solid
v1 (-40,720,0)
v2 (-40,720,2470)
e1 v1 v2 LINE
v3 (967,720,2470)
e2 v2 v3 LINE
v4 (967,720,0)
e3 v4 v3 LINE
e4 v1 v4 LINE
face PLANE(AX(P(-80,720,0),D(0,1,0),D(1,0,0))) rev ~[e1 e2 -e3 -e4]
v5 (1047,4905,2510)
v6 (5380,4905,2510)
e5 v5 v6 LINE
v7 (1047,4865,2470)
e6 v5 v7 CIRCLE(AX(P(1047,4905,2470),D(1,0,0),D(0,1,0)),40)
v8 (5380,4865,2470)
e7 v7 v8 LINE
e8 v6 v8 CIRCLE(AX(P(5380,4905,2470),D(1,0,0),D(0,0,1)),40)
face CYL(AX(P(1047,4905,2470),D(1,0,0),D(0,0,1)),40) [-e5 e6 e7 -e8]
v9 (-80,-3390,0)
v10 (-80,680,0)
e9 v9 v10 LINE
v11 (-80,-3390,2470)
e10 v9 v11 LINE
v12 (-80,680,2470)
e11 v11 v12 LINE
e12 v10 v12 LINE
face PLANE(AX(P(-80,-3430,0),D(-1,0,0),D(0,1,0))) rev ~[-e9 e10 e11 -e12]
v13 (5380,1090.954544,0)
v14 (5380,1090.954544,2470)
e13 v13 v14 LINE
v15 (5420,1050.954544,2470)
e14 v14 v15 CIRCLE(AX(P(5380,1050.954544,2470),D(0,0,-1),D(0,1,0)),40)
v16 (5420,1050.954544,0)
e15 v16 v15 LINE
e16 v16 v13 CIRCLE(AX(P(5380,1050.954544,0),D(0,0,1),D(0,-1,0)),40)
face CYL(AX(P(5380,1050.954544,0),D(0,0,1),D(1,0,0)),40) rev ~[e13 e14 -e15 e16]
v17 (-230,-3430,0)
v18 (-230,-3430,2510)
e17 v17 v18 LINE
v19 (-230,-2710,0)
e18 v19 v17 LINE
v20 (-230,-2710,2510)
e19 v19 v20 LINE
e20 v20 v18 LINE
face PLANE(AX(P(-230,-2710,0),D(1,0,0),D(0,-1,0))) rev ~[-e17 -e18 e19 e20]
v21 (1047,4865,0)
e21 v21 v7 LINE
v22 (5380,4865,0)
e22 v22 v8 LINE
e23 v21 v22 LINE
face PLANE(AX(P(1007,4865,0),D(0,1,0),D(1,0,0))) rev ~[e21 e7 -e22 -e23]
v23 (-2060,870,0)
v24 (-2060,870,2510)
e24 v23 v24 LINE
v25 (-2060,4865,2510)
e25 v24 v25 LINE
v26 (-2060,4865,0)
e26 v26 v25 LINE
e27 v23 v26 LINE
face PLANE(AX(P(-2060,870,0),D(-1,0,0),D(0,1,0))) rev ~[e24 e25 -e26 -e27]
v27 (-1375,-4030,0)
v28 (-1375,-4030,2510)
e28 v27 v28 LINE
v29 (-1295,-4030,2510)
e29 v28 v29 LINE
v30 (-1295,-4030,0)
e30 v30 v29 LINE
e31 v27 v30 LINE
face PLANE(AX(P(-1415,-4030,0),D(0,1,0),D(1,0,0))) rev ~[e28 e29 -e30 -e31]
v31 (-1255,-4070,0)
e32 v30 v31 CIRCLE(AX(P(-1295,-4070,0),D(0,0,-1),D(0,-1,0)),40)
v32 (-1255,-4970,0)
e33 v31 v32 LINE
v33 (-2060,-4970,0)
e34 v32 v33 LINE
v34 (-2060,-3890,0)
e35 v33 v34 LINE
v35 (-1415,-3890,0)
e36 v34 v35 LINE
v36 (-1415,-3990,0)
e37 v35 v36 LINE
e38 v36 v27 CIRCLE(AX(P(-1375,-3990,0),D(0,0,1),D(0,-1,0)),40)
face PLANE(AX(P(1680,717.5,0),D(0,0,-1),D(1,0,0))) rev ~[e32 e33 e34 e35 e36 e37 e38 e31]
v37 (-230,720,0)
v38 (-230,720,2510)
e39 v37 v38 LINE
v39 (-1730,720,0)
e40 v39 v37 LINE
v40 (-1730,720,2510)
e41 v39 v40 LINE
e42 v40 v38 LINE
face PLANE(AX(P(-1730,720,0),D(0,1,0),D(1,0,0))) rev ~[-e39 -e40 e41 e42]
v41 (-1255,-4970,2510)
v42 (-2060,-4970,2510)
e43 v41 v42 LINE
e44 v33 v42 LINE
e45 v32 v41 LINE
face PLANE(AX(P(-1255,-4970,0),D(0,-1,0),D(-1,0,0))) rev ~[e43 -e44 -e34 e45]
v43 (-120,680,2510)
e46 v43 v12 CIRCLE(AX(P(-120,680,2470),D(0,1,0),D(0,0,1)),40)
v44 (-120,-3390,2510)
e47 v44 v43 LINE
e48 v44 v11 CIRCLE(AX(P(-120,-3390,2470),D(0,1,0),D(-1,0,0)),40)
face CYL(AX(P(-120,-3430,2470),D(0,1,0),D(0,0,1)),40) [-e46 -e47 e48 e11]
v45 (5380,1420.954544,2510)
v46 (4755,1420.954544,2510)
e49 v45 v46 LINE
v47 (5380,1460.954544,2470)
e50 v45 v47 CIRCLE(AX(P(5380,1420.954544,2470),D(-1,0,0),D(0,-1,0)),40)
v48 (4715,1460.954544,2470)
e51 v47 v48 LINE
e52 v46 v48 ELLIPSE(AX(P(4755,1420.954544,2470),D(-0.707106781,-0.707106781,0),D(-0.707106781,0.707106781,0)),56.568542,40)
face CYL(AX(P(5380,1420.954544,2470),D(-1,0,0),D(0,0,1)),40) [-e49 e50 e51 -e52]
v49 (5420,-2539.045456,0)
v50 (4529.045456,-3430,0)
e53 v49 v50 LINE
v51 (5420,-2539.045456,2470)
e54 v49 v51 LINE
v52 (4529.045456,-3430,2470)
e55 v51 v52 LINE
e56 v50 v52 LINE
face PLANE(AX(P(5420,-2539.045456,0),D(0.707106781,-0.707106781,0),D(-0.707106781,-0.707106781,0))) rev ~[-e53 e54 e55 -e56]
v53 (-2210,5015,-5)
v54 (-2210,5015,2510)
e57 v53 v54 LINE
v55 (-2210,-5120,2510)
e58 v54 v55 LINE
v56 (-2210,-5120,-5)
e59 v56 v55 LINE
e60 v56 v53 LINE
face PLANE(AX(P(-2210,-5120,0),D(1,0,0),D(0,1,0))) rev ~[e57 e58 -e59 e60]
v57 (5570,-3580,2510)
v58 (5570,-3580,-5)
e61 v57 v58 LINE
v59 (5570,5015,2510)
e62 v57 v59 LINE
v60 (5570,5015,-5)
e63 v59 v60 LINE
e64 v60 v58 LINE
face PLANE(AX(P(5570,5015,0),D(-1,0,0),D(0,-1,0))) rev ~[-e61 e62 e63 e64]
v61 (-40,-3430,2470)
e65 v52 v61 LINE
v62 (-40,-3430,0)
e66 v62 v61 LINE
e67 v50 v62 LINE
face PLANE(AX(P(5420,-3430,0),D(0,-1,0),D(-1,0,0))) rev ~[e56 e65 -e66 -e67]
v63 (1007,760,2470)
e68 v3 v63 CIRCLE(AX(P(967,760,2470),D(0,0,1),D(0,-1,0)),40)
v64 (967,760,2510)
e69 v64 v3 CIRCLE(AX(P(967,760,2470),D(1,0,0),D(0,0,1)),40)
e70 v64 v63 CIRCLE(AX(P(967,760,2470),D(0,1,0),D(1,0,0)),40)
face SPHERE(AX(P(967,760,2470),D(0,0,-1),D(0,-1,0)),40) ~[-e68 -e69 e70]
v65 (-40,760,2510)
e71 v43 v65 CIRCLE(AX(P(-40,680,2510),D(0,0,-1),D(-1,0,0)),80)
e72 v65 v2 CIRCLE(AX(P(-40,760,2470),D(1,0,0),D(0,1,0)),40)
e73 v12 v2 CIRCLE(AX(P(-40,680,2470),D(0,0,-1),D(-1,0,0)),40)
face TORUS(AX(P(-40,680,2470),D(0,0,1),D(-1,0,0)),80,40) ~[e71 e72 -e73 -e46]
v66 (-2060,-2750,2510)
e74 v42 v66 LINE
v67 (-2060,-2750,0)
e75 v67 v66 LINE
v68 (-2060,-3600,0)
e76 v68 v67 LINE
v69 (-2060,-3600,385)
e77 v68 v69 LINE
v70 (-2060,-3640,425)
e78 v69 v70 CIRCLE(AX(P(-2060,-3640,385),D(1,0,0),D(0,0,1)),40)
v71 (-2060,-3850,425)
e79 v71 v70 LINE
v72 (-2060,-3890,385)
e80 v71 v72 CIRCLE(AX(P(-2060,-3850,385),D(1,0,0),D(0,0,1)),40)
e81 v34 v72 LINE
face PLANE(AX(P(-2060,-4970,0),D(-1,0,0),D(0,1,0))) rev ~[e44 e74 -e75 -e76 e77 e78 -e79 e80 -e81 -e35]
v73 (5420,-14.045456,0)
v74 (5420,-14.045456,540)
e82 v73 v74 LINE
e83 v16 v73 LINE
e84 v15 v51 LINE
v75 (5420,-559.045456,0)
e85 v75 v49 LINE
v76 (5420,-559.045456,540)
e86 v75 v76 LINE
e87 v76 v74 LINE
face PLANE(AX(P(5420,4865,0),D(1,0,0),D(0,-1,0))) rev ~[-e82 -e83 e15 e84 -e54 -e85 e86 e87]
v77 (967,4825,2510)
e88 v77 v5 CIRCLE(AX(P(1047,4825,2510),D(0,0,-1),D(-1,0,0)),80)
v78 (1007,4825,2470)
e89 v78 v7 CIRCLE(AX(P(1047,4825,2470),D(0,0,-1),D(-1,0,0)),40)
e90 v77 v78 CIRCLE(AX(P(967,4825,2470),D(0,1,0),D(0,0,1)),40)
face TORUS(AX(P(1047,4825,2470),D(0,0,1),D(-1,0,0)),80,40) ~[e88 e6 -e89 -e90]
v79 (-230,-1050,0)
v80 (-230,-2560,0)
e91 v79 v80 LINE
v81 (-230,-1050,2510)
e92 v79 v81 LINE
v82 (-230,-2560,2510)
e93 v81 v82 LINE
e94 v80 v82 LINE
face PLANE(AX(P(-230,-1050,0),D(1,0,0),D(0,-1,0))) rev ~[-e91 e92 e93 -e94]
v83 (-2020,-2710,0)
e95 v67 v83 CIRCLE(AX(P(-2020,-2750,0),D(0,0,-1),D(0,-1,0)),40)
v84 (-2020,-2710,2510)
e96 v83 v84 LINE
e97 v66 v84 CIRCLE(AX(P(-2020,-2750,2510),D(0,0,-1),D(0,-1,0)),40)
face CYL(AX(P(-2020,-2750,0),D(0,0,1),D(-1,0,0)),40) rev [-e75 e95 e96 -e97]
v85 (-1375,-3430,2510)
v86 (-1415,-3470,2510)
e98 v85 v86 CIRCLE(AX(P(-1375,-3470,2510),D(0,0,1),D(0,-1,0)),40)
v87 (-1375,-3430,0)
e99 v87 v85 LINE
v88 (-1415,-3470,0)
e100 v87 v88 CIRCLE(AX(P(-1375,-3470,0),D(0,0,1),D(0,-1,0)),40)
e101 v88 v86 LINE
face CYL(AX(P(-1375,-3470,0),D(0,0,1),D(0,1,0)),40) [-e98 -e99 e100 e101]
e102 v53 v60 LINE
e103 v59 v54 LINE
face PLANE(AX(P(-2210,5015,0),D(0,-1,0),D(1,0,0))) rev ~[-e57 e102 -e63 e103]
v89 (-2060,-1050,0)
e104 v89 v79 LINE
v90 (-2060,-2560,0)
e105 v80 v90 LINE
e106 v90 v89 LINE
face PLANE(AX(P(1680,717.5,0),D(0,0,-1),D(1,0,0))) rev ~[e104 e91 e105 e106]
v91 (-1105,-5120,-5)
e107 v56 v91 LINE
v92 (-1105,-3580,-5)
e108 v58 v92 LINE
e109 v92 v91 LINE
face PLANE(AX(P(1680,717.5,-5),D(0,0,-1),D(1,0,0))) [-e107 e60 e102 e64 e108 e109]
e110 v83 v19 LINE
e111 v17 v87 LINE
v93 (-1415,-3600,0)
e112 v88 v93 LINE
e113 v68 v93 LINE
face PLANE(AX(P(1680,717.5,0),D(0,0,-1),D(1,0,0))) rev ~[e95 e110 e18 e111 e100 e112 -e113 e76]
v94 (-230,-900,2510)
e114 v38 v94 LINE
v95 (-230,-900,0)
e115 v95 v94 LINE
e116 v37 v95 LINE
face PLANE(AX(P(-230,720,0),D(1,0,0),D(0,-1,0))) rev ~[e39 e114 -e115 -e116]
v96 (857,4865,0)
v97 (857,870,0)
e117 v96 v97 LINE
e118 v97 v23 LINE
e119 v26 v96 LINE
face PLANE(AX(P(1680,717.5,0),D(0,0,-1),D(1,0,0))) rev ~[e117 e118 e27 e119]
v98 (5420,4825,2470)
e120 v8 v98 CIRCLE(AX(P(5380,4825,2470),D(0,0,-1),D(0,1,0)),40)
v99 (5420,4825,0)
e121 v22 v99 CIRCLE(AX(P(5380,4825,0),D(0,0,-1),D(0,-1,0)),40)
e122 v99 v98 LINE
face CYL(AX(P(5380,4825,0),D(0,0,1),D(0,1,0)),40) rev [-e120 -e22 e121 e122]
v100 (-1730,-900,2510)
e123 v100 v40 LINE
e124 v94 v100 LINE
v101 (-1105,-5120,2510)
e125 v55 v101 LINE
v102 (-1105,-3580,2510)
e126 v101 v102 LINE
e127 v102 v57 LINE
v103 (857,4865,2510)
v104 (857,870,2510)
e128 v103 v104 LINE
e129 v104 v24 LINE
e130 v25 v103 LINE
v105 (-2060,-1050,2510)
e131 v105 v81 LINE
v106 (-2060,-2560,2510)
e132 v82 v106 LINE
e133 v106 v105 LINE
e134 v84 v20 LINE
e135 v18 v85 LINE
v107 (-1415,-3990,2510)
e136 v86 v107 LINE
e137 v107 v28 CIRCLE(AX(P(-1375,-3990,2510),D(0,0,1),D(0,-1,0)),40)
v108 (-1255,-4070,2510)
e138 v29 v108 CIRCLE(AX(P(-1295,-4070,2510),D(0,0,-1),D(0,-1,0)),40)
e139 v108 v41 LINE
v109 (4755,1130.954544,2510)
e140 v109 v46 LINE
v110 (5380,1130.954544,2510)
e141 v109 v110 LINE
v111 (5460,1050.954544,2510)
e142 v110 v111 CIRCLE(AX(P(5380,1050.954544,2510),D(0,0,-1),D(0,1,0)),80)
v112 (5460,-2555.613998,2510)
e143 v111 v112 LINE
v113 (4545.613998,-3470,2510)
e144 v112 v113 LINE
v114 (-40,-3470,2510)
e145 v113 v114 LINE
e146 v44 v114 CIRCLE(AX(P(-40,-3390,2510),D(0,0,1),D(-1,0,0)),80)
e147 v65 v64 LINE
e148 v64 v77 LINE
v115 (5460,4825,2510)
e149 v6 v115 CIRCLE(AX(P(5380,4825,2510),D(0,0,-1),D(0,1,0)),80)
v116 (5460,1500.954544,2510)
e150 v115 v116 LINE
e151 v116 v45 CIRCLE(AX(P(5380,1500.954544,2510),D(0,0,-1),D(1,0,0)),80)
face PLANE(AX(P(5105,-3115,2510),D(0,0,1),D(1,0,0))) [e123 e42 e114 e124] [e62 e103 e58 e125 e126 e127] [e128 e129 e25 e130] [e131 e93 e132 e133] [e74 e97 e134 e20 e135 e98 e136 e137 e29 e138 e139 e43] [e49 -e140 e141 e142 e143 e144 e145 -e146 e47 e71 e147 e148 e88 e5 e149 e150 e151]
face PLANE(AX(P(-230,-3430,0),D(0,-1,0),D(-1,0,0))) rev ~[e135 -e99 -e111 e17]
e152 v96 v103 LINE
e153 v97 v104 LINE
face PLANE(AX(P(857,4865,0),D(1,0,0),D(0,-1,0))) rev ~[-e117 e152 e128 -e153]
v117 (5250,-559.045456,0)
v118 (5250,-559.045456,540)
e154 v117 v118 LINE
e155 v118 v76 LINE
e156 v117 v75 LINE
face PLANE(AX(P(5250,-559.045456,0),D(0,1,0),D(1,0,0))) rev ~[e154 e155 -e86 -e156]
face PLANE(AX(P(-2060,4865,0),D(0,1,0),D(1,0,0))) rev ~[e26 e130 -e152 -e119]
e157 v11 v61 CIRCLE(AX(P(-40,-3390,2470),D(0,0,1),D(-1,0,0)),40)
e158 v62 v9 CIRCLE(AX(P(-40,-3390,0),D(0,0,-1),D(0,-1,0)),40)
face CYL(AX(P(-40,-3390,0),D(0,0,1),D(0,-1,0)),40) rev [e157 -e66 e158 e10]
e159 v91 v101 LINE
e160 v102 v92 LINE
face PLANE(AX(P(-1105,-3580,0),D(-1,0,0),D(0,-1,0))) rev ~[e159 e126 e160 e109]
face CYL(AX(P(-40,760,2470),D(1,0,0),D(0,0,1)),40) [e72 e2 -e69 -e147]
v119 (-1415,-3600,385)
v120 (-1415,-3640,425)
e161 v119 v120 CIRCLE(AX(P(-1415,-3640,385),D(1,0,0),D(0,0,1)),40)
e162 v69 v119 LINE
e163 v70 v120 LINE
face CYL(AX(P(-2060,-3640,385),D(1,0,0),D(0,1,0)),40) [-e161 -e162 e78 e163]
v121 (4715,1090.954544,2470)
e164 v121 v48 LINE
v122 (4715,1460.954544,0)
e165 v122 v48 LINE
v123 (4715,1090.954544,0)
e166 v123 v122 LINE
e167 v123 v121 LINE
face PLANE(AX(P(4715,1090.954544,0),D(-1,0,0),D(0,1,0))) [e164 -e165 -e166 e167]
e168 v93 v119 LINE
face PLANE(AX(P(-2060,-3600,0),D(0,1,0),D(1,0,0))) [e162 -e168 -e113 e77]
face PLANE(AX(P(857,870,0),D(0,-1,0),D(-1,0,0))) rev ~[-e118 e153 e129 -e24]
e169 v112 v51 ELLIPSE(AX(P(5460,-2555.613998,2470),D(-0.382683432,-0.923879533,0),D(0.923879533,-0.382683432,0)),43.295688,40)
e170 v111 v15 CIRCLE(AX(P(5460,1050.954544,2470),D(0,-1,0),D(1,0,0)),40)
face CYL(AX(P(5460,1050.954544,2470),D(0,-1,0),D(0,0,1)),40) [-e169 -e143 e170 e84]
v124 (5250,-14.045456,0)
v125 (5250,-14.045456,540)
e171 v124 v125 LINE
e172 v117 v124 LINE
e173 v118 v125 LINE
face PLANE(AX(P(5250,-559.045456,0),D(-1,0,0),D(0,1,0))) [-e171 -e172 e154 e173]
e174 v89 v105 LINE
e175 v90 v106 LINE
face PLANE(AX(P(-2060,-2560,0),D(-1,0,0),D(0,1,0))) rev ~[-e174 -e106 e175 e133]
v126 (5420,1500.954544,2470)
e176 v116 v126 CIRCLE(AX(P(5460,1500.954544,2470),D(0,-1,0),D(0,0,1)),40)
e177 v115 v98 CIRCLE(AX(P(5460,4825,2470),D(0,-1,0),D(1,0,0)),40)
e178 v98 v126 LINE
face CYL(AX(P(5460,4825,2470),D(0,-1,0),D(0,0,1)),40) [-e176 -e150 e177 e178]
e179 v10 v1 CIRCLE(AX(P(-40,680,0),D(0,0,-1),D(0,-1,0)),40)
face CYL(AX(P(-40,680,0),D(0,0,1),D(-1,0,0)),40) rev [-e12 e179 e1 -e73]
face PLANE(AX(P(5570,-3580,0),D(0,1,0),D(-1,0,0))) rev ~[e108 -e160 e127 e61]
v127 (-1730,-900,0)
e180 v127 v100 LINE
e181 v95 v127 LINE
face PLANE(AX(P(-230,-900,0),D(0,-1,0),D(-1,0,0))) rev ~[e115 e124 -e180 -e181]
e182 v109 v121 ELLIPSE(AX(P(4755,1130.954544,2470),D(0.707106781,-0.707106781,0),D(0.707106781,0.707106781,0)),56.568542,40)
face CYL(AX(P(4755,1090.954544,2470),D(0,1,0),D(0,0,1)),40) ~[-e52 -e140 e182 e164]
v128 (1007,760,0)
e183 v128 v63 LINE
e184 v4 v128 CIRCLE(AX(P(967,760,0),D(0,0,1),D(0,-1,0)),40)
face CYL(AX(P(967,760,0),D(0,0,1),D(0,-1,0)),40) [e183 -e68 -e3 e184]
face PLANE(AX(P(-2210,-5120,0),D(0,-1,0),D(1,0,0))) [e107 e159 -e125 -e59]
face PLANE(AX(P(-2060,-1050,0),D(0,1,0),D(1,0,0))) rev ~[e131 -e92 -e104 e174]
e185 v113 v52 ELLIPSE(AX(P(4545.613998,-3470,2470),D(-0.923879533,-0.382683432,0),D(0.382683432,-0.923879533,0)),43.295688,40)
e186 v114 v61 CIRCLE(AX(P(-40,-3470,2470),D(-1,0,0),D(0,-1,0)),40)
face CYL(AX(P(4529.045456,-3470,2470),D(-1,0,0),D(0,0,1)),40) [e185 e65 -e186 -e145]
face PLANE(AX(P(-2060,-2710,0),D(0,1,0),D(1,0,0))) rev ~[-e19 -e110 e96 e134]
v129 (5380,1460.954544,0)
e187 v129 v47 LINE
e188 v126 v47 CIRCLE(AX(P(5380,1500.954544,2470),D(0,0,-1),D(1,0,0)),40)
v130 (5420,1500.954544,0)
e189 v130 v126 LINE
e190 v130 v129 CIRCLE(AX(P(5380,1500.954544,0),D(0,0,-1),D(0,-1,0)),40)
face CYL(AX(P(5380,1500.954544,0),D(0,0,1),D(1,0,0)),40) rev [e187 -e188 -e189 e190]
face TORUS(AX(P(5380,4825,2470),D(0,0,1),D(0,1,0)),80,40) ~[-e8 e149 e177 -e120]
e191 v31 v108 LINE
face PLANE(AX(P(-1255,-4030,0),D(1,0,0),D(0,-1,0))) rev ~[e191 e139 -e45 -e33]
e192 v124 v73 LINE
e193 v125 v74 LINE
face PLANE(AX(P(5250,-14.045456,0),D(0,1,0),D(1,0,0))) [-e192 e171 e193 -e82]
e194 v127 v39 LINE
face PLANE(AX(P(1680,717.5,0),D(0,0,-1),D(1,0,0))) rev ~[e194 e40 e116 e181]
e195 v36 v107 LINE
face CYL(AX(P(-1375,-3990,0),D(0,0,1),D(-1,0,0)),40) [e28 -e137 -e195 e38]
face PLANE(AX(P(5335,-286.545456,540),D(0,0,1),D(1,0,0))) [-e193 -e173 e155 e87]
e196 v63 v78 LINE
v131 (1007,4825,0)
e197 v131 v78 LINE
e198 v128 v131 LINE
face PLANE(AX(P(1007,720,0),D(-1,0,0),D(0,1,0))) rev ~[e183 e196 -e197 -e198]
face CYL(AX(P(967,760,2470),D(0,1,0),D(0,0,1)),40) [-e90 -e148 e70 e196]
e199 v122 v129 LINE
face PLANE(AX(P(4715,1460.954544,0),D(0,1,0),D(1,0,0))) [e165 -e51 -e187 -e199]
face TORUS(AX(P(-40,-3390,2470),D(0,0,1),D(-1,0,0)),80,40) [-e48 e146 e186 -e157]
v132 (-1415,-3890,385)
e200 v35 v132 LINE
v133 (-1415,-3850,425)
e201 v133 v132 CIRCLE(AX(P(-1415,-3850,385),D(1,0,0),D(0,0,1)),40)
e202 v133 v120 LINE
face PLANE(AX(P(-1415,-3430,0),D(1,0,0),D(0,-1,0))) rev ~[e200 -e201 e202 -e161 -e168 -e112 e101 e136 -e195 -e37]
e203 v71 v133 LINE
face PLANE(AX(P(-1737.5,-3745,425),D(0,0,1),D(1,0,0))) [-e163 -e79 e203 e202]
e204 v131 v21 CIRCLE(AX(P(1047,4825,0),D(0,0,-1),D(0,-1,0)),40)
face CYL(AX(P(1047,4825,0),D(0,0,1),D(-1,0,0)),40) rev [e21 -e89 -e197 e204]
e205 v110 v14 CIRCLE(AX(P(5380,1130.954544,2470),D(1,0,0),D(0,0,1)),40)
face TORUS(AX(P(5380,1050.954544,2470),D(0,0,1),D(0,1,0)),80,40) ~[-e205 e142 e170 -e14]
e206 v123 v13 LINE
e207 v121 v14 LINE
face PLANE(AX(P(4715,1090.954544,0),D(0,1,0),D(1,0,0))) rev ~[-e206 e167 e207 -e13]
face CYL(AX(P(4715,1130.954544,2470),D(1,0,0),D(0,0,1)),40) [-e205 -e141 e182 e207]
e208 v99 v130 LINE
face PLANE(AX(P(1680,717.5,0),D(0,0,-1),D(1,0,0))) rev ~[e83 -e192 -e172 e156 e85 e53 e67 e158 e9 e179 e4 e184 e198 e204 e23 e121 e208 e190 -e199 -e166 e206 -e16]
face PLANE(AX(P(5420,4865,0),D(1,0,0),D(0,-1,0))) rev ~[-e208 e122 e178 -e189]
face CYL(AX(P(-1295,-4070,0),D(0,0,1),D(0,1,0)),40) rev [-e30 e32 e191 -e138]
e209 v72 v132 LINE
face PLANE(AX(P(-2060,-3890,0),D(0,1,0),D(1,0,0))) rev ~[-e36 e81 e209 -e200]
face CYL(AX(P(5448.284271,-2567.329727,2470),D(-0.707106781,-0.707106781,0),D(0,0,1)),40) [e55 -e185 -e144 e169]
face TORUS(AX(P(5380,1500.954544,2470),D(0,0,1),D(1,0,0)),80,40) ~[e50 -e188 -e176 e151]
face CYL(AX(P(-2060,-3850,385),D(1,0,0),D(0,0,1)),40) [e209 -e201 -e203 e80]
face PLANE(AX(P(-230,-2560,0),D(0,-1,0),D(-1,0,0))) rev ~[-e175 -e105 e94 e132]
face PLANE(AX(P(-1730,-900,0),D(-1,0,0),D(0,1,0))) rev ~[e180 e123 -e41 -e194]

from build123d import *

# Parameters (mm, degrees)
F0_W     = 330
F0_H     = 1320
F1_DEPTH = 2510
F2_DEPTH = 2510
F0_W_2   = 705
F0_H_2   = 370
F3_DEPTH = 2510
F0_W_3   = 645
F0_H_3   = 290
F4_DEPTH = 425
F5_R     = 40
F6_W     = 1105
F6_H     = 1540
F7_DEPTH = 5
F8_R     = 40
F0_W_4   = 170
F0_H_4   = 545
F9_DEPTH = 540


with BuildPart() as f1:
    # F0 (on Top) → F1 (new body)
    with BuildSketch(Plane.XY):
        Polygon((-2210, -2560), (-2210, -5120), (-1105, -5120), (-1105, -4030), (-1255, -4030), (-1255, -4970), (-2060, -4970), (-2060, -3890), (-2060, -3600), (-2060, -2710), (-230, -2710), (-230, -2560), (-2060, -2560), (-2060, -1050), (-230, -1050), (-230, -900), (-1730, -900), (-2210, -900), align=None)
        Polygon((-1255, -4030), (-1105, -4030), (-1105, -3580), (-230, -3580), (-230, -3430), (-1415, -3430), (-1415, -3580), (-1415, -3600), (-1415, -3890), (-1415, -4030), align=None)
        Polygon((-2210, -750), (-2210, -900), (-1730, -900), (-1730, 720), (-230, 720), (-230, -900), (-230, -1050), (-230, -2560), (-230, -2710), (-230, -3430), (-230, -3580), (5570, -3580), (5570, 5015), (857, 5015), (-2210, 5015), (-2210, 870), (-2210, 570), (-1880, 570), (-1880, -750), align=None)
        Polygon((-1880, 870), (-2060, 870), (-2060, 4865), (857, 4865), (857, 870), (-230, 870), align=None, mode=Mode.SUBTRACT)
        Polygon((-80, 720), (1007, 720), (1007, 4865), (5420, 4865), (5420, 1460.954544), (5420, 1090.954544), (5420, -14.045456), (5420, -559.045456), (5420, -2539.045456), (5420, -3430), (4529.045456, -3430), (-80, -3430), align=None, mode=Mode.SUBTRACT)
        with Locations((-2045, -90)):
            Rectangle(F0_W, F0_H)
    extrude(amount=F1_DEPTH)

    # F0 (on Top) → F2 (join)
    with BuildSketch(Plane.XY):
        Polygon((5420, -2539.045456), (4529.045456, -3430), (5420, -3430), align=None)
    extrude(amount=F2_DEPTH)

    # F0 (on Top) → F3 (join)
    with BuildSketch(Plane.XY):
        with Locations((5067.5, 1275.954544)):
            Rectangle(F0_W_2, F0_H_2)
    extrude(amount=F3_DEPTH)

    # F0 (on Top) → F4 (join)
    with BuildSketch(Plane.XY):
        with Locations((-1737.5, -3745)):
            Rectangle(F0_W_3, F0_H_3)
    extrude(amount=F4_DEPTH)

    # F5
    f5_edges = [f1.edges().sort_by_distance(p)[0] for p in [
        (-1255, -4030, 1255),
        (-1415, -4030, 1255),
        (-1415, -3430, 1255),
        (-1737.5, -3890, 425),
        (-1737.5, -3600, 425),
        (5420, 1090.954544, 1255),
        (5420, 1460.954544, 1255),
        (5420, 4865, 1255),
        (1007, 4865, 1255),
        (1007, 720, 1255),
        (-80, 720, 1255),
        (-2060, -2710, 1255),
    ]]
    fillet(f5_edges, radius=F5_R)

    # F6 (on face) → F7 (join)
    with BuildSketch(Plane(origin=(0, 0, 0), x_dir=(1, 0, 0), z_dir=(0, 0, -1))):
        Polygon((-2210, 3580), (-2210, -5015), (5570, -5015), (5570, 3580), (-1105, 3580), align=None)
        with Locations((-1657.5, 4350)):
            Rectangle(F6_W, F6_H)
    extrude(amount=F7_DEPTH)

    # F8
    f8_edges = [f1.edges().sort_by_distance(p)[0] for p in [
        (-80, -1375, 2510),
        (463.5, 720, 2510),
        (1007, 2792.5, 2510),
        (3213.5, 4865, 2510),
        (5420, -744.045456, 2510),
        (4974.522728, -2984.522728, 2510),
        (2224.522728, -3430, 2510),
        (4715, 1275.954544, 2510),
        (-80, -3430, 1255),
    ]]
    fillet(f8_edges, radius=F8_R)

    # F0 (on Top) → F9 (join)
    with BuildSketch(Plane.XY):
        with Locations((5335, -286.545456)):
            Rectangle(F0_W_4, F0_H_4)
    extrude(amount=F9_DEPTH)


solid = f1.part
